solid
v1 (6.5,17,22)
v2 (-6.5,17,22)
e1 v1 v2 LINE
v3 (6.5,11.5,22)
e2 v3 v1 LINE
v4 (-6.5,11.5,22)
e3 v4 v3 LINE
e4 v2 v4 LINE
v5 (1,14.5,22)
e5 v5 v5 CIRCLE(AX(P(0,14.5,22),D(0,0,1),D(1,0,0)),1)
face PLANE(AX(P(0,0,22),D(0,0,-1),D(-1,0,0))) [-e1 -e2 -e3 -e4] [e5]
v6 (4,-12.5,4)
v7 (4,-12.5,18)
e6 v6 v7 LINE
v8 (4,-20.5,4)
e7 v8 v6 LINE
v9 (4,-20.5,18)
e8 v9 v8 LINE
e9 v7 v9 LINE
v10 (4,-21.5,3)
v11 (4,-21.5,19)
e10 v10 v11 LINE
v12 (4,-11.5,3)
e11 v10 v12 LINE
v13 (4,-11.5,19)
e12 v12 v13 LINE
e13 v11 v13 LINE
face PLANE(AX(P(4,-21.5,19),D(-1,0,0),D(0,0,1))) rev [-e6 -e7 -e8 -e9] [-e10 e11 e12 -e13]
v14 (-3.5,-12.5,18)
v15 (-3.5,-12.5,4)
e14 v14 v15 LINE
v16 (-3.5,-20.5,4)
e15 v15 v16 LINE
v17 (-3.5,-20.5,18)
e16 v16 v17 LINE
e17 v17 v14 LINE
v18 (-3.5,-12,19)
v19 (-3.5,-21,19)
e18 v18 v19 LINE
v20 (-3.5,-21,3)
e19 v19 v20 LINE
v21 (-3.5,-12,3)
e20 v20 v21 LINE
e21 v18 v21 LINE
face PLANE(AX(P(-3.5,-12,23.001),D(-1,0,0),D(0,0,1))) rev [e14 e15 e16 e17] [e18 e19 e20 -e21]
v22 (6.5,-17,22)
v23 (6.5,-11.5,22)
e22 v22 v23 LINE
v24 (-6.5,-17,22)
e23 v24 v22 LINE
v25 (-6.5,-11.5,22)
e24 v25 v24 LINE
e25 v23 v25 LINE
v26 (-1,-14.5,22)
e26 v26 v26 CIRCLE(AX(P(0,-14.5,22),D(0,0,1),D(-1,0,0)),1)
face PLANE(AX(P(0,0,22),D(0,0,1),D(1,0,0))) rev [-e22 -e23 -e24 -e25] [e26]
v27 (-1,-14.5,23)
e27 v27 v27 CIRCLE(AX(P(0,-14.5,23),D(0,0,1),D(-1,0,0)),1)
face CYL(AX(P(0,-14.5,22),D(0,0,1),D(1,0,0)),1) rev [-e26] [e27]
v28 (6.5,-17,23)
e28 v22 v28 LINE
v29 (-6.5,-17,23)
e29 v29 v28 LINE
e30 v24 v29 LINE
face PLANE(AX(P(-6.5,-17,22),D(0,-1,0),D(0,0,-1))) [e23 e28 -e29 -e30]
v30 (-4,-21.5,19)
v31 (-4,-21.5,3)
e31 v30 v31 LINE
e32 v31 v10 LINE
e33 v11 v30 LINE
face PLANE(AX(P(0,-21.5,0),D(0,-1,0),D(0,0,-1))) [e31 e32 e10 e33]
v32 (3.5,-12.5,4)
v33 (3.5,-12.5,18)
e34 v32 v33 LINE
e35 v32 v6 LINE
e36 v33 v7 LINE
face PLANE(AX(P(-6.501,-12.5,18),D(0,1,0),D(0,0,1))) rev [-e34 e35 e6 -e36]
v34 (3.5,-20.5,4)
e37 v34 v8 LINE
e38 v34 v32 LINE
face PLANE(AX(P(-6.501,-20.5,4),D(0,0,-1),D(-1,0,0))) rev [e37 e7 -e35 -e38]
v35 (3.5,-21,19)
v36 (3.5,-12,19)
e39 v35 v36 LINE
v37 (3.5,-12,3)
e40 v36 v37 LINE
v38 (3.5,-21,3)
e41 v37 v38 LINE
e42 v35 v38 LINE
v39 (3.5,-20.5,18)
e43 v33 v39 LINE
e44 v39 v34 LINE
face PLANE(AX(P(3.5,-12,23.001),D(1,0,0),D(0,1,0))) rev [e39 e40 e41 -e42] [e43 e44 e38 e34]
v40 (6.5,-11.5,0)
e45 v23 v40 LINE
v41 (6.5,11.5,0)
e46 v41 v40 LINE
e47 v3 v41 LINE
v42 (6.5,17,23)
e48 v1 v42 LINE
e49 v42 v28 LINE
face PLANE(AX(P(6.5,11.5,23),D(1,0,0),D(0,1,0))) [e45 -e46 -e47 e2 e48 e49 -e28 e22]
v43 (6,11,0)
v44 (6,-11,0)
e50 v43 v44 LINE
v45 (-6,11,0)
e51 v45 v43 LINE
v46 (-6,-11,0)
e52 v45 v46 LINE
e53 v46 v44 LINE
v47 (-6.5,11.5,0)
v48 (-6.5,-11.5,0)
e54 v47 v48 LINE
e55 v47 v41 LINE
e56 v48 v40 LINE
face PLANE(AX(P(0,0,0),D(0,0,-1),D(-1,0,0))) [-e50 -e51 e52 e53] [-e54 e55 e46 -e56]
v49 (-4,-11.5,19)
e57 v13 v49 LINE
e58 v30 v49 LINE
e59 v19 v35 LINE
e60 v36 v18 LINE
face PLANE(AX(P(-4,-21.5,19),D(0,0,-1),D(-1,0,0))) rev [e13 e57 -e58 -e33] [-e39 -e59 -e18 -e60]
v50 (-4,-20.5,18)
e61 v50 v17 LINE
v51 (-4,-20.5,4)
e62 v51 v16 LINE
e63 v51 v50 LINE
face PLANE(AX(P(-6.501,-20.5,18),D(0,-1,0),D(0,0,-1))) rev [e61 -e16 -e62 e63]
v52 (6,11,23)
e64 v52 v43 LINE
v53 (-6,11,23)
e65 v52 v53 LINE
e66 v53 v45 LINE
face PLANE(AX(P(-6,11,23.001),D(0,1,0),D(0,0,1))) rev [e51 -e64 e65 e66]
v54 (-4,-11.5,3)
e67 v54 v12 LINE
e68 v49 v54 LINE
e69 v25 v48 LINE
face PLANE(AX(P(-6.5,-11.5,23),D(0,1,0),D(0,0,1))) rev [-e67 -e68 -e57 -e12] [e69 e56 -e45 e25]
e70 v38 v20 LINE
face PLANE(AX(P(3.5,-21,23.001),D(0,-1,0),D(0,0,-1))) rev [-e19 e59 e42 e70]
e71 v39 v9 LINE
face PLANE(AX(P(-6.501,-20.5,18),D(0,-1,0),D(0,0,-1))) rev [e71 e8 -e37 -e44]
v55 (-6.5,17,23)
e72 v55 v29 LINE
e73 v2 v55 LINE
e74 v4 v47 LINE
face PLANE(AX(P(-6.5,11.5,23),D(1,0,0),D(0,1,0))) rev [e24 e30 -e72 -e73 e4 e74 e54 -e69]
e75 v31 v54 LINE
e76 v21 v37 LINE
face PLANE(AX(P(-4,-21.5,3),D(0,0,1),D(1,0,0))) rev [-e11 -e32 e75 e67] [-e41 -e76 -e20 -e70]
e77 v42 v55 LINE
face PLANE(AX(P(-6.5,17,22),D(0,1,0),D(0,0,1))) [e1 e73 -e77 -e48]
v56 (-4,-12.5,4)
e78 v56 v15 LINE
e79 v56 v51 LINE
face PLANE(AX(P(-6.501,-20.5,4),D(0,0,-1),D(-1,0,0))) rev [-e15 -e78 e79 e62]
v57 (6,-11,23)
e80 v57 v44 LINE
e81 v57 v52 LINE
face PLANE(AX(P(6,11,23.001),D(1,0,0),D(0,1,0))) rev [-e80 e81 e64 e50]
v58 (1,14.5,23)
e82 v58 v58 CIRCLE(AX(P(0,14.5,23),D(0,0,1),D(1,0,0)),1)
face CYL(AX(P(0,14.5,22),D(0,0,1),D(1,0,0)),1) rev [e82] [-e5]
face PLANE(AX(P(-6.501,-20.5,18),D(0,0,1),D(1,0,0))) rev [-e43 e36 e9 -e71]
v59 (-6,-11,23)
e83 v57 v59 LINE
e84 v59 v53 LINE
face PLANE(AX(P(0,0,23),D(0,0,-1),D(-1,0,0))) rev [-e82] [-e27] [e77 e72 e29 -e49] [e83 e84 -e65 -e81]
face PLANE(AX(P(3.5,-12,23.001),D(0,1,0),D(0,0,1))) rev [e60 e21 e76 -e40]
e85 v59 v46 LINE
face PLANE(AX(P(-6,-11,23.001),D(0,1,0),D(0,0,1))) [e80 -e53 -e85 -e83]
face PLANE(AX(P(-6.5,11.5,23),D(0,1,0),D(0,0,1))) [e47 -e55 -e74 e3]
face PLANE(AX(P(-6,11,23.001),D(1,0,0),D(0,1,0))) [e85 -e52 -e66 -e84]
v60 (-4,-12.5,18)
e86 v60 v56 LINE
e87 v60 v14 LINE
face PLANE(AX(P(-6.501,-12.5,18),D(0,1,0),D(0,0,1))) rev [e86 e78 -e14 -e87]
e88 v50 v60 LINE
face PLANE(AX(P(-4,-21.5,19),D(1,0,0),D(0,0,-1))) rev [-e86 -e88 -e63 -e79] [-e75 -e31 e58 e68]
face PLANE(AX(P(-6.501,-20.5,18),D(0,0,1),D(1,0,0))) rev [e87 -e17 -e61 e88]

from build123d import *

# Parameters (mm, degrees)
SKETCH1_W           = 13
SKETCH1_H           = 23
BOSS_EXTRUDE1_DEPTH = 23
CUT_EXTRUDE1_REACH  = 28.524
SKETCH1_3_W         = 12
SKETCH1_3_H         = 22
SKETCH2_W           = 13
SKETCH2_H           = 5.5
SKETCH2_R           = 1
BOSS_EXTRUDE2_DEPTH = 1
SKETCH4_W           = 8
SKETCH4_H           = 16
BOSS_EXTRUDE3_DEPTH = 10
CUT_EXTRUDE2_REACH  = 35.189
SKETCH5_W           = 14
SKETCH5_H           = 8
CUT_EXTRUDE3_REACH  = 32.075
SKETCH6_W           = 7
SKETCH6_H           = 9


with BuildPart() as part:
    # Sketch1 → Boss-Extrude1 (new body)
    with BuildSketch(Plane.XY):
        Rectangle(SKETCH1_W, SKETCH1_H)
    extrude(amount=BOSS_EXTRUDE1_DEPTH)

    # Sketch1<3> → Cut-Extrude1 (cut, up to next)
    with BuildSketch(Plane.XY, mode=Mode.PRIVATE) as cut_extrude1_sk1:
        Rectangle(SKETCH1_3_W, SKETCH1_3_H)
    cut_extrude1_tool1 = extrude(cut_extrude1_sk1.sketch, amount=CUT_EXTRUDE1_REACH, mode=Mode.PRIVATE) & part.part
    add(cut_extrude1_tool1.solids().sort_by_distance((0, 0, 0))[0], mode=Mode.SUBTRACT)

    # Sketch2 → Boss-Extrude2 (add)
    # profile 1 of 2: a face of its own
    with BuildSketch(Plane.XY.offset(23)):
        with Locations((0, 14.25)):
            Rectangle(SKETCH2_W, SKETCH2_H)
        with Locations((0, 14.5)):
            Circle(SKETCH2_R, mode=Mode.SUBTRACT)
    # profile 2 of 2: a face of its own
    with BuildSketch(Plane.XY.offset(23)):
        with Locations((0, -14.25)):
            Rectangle(SKETCH2_W, SKETCH2_H)
        with Locations((0, -14.5)):
            Circle(SKETCH2_R, mode=Mode.SUBTRACT)
    extrude(amount=-BOSS_EXTRUDE2_DEPTH)

    # Sketch4 → Boss-Extrude3 (add)
    with BuildSketch(Plane(origin=(0, -11.5, 0), x_dir=(-1, 0, 0), z_dir=(0, -1, 0))):
        with Locations((0, -11)):
            Rectangle(SKETCH4_W, SKETCH4_H)
    extrude(amount=BOSS_EXTRUDE3_DEPTH)

    # Sketch5 → Cut-Extrude2 (cut, up to next)
    with BuildSketch(Plane(origin=(4, 0, 0), x_dir=(0, 0, -1), z_dir=(1, 0, 0)), mode=Mode.PRIVATE) as cut_extrude2_sk1:
        with Locations((-11, -16.5)):
            Rectangle(SKETCH5_W, SKETCH5_H)
    cut_extrude2_tool1 = extrude(cut_extrude2_sk1.sketch, amount=-CUT_EXTRUDE2_REACH, mode=Mode.PRIVATE) & part.part
    add(cut_extrude2_tool1.solids().sort_by_distance((4, -16.5, 11))[0], mode=Mode.SUBTRACT)

    # Sketch6 → Cut-Extrude3 (cut, up to next)
    with BuildSketch(Plane(origin=(0, 0, 3), x_dir=(-1, 0, 0), z_dir=(0, 0, -1)), mode=Mode.PRIVATE) as cut_extrude3_sk1:
        with Locations((0, -16.5)):
            Rectangle(SKETCH6_W, SKETCH6_H)
    cut_extrude3_tool1 = extrude(cut_extrude3_sk1.sketch, amount=-CUT_EXTRUDE3_REACH, mode=Mode.PRIVATE) & part.part
    add(cut_extrude3_tool1.solids().sort_by_distance((0, -16.5, 3))[0], mode=Mode.SUBTRACT)


solid = part.part
